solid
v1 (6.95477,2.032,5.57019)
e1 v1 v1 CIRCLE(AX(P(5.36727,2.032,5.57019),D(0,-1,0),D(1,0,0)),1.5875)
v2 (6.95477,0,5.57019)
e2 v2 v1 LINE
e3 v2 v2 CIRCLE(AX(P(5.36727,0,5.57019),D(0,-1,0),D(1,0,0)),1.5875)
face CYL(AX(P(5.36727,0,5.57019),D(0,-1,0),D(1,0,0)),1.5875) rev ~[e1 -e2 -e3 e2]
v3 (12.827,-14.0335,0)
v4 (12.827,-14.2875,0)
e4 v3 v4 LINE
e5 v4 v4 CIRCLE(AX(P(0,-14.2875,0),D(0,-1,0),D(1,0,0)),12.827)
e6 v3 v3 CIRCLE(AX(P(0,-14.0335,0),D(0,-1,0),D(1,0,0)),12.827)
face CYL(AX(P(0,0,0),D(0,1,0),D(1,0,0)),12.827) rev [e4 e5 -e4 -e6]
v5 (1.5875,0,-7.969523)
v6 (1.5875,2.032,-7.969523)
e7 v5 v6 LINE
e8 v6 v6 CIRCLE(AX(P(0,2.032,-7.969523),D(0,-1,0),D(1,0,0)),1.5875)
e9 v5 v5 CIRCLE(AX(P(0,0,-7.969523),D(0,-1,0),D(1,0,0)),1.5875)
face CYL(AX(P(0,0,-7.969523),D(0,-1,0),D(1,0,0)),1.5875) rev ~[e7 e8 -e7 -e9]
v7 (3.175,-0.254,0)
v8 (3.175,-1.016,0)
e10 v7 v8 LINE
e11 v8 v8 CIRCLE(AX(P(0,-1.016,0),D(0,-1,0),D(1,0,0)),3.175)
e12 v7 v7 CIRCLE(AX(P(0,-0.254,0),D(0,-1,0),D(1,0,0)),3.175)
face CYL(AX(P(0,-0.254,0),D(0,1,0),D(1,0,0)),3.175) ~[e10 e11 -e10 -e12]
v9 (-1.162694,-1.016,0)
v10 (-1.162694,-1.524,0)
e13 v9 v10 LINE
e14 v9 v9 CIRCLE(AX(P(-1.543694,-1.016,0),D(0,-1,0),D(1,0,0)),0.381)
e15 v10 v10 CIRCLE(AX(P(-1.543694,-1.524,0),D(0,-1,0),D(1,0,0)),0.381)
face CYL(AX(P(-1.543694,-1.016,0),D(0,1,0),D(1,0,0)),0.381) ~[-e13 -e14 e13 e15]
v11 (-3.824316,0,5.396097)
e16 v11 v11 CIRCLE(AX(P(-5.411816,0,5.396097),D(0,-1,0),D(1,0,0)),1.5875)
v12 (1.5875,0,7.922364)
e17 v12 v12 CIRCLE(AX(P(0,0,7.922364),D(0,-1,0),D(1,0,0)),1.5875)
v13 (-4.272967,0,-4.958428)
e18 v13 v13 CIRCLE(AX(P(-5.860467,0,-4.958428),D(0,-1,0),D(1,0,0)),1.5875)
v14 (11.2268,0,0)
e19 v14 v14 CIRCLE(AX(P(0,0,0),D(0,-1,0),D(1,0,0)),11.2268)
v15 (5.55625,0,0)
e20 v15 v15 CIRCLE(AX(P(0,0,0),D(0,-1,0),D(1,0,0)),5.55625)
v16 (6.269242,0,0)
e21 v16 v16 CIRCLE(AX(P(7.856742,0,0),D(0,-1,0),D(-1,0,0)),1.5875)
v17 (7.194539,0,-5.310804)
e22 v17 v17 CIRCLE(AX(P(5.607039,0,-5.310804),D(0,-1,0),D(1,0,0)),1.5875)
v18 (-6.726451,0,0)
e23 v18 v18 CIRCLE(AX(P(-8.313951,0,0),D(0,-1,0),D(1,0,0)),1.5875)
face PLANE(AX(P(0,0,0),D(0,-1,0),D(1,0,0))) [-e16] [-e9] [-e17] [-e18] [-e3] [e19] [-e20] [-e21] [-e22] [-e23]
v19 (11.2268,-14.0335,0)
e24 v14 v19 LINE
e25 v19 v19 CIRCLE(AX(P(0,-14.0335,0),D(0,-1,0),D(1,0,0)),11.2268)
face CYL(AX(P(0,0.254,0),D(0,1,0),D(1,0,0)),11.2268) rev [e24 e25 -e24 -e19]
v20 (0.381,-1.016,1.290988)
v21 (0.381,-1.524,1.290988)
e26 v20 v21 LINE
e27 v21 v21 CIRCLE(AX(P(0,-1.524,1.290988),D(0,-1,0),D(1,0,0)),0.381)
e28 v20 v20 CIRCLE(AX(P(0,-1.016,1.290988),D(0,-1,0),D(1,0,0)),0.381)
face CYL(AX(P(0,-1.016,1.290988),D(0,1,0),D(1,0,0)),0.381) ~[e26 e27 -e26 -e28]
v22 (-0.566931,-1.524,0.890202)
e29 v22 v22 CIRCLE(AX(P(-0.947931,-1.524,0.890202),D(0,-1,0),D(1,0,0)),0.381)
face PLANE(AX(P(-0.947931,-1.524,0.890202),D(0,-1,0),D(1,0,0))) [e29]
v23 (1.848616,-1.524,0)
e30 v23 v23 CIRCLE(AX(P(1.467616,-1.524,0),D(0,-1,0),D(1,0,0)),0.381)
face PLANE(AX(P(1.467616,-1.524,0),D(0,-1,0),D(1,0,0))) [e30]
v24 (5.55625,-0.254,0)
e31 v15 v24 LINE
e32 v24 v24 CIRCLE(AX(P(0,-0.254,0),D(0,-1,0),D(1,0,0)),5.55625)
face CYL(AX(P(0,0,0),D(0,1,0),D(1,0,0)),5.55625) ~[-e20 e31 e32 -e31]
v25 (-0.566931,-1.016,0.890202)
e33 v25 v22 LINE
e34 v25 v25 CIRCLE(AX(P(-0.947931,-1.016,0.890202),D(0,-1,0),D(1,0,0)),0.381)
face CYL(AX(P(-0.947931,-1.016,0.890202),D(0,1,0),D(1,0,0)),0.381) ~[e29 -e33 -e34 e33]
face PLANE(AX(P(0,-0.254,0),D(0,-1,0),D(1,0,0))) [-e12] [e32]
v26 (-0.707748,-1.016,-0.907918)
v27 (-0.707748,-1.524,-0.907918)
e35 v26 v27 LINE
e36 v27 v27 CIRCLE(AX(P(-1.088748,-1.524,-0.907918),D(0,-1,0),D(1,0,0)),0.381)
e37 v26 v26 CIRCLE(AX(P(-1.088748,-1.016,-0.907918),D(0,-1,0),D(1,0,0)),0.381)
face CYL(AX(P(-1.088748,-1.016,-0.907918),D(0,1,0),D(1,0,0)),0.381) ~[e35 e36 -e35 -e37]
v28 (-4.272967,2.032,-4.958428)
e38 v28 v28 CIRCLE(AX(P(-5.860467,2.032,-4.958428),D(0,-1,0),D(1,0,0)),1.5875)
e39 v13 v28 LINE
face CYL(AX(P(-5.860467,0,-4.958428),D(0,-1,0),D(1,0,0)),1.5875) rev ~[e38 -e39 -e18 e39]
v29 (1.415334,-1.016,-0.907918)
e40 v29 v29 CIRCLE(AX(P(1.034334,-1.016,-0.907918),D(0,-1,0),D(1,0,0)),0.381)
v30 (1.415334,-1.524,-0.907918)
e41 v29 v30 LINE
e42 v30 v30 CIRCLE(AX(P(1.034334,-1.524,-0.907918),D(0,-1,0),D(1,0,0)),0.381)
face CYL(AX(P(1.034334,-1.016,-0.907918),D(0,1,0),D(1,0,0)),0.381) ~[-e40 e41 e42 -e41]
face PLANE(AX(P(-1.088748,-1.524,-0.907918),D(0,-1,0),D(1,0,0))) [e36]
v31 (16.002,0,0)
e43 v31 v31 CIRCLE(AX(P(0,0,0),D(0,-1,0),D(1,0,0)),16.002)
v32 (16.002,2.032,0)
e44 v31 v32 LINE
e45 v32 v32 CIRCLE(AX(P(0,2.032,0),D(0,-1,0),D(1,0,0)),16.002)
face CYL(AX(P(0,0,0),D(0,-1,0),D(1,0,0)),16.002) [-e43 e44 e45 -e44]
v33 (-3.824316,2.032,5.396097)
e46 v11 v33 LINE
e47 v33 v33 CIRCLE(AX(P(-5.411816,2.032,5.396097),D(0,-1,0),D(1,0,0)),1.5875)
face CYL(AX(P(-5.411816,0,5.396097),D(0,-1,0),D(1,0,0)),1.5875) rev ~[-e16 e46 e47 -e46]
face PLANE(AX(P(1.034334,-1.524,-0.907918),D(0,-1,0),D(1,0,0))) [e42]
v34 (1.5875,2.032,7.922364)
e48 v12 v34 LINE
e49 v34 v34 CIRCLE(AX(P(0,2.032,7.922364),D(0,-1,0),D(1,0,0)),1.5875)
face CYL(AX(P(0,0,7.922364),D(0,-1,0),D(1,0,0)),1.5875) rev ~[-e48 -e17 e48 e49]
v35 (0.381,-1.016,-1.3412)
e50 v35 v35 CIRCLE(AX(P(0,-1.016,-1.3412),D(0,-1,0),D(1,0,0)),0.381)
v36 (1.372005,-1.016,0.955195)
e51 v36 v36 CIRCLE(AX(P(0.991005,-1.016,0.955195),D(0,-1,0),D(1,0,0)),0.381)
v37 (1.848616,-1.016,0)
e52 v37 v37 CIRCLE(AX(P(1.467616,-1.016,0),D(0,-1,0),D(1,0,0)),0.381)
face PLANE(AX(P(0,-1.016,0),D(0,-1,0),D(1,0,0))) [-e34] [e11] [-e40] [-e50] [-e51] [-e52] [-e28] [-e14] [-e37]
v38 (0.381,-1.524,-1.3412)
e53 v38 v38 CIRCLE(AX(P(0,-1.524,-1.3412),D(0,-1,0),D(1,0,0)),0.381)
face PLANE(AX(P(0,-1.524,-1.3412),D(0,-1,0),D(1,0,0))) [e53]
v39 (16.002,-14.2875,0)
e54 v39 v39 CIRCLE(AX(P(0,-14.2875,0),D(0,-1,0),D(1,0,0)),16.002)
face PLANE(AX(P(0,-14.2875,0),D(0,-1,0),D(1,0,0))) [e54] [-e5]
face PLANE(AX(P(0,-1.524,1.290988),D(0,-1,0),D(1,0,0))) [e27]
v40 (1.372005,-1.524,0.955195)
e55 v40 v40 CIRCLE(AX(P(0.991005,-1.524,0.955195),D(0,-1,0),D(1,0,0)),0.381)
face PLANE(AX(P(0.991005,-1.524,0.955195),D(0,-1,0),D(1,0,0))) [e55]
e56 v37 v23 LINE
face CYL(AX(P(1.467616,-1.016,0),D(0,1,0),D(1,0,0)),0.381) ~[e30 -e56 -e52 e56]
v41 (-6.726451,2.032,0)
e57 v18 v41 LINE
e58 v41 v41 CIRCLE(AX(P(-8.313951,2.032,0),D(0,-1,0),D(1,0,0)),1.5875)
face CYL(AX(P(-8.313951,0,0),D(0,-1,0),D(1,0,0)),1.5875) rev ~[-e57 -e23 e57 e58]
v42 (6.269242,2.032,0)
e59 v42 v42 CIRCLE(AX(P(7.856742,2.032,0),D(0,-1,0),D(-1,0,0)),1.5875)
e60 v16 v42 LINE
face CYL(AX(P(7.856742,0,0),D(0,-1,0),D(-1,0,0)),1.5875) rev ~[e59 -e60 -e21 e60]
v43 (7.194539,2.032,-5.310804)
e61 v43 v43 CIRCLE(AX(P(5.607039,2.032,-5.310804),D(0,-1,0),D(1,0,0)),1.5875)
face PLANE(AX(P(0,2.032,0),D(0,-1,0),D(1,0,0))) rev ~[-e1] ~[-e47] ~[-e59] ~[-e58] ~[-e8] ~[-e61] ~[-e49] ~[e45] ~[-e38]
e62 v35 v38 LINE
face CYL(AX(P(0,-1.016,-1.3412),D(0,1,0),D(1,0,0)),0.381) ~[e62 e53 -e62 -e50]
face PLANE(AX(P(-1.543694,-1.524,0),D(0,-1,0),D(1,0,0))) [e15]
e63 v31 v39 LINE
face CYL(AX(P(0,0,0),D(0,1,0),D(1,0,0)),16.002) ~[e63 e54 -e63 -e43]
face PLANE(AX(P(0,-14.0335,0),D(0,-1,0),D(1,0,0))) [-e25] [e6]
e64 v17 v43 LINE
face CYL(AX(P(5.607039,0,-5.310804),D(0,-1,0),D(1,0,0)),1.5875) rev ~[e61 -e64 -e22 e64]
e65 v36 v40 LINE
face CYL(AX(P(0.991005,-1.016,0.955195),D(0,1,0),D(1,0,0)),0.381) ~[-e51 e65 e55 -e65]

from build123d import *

# Parameters (mm, degrees)
F0_R      = 16.002
F1_DEPTH  = 2.032
F3_R      = 12.827
F3_R_2    = 11.2268
F4_DEPTH  = 0.254
F2_R      = 1.5875
F5_DEPTH  = 2.032
F6_R      = 5.55625
F7_DEPTH  = 0.254
F8_R      = 3.175
F9_DEPTH  = 0.762
F10_R     = 0.381
F11_DEPTH = 0.508
F12_DEPTH = 14.2875


with BuildPart() as f1:
    # F0 (on Front) → F1 (new body)
    with BuildSketch(Plane.XZ):
        Circle(F0_R)
    extrude(amount=-F1_DEPTH)

    # F3 (on face) → F4 (cut)
    with BuildSketch(Plane.XZ):
        Circle(F3_R)
        Circle(F3_R_2, mode=Mode.SUBTRACT)
    extrude(amount=-F4_DEPTH, mode=Mode.SUBTRACT)

    # F2 (on face) → F5 (cut)
    with BuildSketch(Plane.XZ):
        with Locations((0, -7.9695228487)):
            Circle(F2_R)
        with Locations((-5.8604669757, -4.9584284425)):
            Circle(F2_R)
        with BuildLine():
            Line((-6.7264510825, 0), (-9.9014510825, 0))
            ThreePointArc((-9.9014510825, 0), (-8.3139510825, -1.5875), (-6.7264510825, 0))
        make_face()
        with BuildLine():
            ThreePointArc((-6.7264510825, 0), (-8.3139510825, 1.5875), (-9.9014510825, 0))
            Line((-9.9014510825, 0), (-6.7264510825, 0))
        make_face()
        with Locations((-5.4118158296, 5.3960969672)):
            Circle(F2_R)
        with Locations((0, 7.9223643988)):
            Circle(F2_R)
        with Locations((5.3672702052, 5.5701895617)):
            Circle(F2_R)
        with BuildLine():
            Line((6.2692415476, 0), (9.4442415476, 0))
            ThreePointArc((9.4442415476, 0), (7.8567415476, 1.5875), (6.2692415476, 0))
        make_face()
        with BuildLine():
            ThreePointArc((6.2692415476, 0), (7.8567415476, -1.5875), (9.4442415476, 0))
            Line((9.4442415476, 0), (6.2692415476, 0))
        make_face()
        with Locations((5.607039202, -5.3108036518)):
            Circle(F2_R)
    extrude(amount=-F5_DEPTH, mode=Mode.SUBTRACT)

    # F6 (on face) → F7 (join)
    with BuildSketch(Plane.XZ):
        Circle(F6_R)
    extrude(amount=F7_DEPTH)

    # F8 (on face) → F9 (join)
    with BuildSketch(Plane.XZ.offset(0.254)):
        Circle(F8_R)
    extrude(amount=F9_DEPTH)

    # F10 (on face) → F11 (join)
    with BuildSketch(Plane.XZ.offset(1.016)):
        with Locations((-1.543693963, 0)):
            Circle(F10_R)
        with Locations((-0.9479312136, 0.8902023229)):
            Circle(F10_R)
        with Locations((0, 1.2909881785)):
            Circle(F10_R)
        with Locations((0.9910054901, 0.9551946484)):
            Circle(F10_R)
        with Locations((1.4676158223, 0)):
            Circle(F10_R)
        with Locations((1.0343337624, -0.9079179104)):
            Circle(F10_R)
        with Locations((0, -1.3411998874)):
            Circle(F10_R)
        with Locations((-1.0887479328, -0.9079179104)):
            Circle(F10_R)
    extrude(amount=F11_DEPTH)

    # F12 (add): faces of the model
    f12_faces = [f1.faces().sort_by_distance(p)[0] for p in [
        (-15.5493950915, 0, 0),
        (-12.4641976527, 0.254, 0),
    ]]
    extrude(f12_faces, amount=F12_DEPTH)


solid = f1.part
